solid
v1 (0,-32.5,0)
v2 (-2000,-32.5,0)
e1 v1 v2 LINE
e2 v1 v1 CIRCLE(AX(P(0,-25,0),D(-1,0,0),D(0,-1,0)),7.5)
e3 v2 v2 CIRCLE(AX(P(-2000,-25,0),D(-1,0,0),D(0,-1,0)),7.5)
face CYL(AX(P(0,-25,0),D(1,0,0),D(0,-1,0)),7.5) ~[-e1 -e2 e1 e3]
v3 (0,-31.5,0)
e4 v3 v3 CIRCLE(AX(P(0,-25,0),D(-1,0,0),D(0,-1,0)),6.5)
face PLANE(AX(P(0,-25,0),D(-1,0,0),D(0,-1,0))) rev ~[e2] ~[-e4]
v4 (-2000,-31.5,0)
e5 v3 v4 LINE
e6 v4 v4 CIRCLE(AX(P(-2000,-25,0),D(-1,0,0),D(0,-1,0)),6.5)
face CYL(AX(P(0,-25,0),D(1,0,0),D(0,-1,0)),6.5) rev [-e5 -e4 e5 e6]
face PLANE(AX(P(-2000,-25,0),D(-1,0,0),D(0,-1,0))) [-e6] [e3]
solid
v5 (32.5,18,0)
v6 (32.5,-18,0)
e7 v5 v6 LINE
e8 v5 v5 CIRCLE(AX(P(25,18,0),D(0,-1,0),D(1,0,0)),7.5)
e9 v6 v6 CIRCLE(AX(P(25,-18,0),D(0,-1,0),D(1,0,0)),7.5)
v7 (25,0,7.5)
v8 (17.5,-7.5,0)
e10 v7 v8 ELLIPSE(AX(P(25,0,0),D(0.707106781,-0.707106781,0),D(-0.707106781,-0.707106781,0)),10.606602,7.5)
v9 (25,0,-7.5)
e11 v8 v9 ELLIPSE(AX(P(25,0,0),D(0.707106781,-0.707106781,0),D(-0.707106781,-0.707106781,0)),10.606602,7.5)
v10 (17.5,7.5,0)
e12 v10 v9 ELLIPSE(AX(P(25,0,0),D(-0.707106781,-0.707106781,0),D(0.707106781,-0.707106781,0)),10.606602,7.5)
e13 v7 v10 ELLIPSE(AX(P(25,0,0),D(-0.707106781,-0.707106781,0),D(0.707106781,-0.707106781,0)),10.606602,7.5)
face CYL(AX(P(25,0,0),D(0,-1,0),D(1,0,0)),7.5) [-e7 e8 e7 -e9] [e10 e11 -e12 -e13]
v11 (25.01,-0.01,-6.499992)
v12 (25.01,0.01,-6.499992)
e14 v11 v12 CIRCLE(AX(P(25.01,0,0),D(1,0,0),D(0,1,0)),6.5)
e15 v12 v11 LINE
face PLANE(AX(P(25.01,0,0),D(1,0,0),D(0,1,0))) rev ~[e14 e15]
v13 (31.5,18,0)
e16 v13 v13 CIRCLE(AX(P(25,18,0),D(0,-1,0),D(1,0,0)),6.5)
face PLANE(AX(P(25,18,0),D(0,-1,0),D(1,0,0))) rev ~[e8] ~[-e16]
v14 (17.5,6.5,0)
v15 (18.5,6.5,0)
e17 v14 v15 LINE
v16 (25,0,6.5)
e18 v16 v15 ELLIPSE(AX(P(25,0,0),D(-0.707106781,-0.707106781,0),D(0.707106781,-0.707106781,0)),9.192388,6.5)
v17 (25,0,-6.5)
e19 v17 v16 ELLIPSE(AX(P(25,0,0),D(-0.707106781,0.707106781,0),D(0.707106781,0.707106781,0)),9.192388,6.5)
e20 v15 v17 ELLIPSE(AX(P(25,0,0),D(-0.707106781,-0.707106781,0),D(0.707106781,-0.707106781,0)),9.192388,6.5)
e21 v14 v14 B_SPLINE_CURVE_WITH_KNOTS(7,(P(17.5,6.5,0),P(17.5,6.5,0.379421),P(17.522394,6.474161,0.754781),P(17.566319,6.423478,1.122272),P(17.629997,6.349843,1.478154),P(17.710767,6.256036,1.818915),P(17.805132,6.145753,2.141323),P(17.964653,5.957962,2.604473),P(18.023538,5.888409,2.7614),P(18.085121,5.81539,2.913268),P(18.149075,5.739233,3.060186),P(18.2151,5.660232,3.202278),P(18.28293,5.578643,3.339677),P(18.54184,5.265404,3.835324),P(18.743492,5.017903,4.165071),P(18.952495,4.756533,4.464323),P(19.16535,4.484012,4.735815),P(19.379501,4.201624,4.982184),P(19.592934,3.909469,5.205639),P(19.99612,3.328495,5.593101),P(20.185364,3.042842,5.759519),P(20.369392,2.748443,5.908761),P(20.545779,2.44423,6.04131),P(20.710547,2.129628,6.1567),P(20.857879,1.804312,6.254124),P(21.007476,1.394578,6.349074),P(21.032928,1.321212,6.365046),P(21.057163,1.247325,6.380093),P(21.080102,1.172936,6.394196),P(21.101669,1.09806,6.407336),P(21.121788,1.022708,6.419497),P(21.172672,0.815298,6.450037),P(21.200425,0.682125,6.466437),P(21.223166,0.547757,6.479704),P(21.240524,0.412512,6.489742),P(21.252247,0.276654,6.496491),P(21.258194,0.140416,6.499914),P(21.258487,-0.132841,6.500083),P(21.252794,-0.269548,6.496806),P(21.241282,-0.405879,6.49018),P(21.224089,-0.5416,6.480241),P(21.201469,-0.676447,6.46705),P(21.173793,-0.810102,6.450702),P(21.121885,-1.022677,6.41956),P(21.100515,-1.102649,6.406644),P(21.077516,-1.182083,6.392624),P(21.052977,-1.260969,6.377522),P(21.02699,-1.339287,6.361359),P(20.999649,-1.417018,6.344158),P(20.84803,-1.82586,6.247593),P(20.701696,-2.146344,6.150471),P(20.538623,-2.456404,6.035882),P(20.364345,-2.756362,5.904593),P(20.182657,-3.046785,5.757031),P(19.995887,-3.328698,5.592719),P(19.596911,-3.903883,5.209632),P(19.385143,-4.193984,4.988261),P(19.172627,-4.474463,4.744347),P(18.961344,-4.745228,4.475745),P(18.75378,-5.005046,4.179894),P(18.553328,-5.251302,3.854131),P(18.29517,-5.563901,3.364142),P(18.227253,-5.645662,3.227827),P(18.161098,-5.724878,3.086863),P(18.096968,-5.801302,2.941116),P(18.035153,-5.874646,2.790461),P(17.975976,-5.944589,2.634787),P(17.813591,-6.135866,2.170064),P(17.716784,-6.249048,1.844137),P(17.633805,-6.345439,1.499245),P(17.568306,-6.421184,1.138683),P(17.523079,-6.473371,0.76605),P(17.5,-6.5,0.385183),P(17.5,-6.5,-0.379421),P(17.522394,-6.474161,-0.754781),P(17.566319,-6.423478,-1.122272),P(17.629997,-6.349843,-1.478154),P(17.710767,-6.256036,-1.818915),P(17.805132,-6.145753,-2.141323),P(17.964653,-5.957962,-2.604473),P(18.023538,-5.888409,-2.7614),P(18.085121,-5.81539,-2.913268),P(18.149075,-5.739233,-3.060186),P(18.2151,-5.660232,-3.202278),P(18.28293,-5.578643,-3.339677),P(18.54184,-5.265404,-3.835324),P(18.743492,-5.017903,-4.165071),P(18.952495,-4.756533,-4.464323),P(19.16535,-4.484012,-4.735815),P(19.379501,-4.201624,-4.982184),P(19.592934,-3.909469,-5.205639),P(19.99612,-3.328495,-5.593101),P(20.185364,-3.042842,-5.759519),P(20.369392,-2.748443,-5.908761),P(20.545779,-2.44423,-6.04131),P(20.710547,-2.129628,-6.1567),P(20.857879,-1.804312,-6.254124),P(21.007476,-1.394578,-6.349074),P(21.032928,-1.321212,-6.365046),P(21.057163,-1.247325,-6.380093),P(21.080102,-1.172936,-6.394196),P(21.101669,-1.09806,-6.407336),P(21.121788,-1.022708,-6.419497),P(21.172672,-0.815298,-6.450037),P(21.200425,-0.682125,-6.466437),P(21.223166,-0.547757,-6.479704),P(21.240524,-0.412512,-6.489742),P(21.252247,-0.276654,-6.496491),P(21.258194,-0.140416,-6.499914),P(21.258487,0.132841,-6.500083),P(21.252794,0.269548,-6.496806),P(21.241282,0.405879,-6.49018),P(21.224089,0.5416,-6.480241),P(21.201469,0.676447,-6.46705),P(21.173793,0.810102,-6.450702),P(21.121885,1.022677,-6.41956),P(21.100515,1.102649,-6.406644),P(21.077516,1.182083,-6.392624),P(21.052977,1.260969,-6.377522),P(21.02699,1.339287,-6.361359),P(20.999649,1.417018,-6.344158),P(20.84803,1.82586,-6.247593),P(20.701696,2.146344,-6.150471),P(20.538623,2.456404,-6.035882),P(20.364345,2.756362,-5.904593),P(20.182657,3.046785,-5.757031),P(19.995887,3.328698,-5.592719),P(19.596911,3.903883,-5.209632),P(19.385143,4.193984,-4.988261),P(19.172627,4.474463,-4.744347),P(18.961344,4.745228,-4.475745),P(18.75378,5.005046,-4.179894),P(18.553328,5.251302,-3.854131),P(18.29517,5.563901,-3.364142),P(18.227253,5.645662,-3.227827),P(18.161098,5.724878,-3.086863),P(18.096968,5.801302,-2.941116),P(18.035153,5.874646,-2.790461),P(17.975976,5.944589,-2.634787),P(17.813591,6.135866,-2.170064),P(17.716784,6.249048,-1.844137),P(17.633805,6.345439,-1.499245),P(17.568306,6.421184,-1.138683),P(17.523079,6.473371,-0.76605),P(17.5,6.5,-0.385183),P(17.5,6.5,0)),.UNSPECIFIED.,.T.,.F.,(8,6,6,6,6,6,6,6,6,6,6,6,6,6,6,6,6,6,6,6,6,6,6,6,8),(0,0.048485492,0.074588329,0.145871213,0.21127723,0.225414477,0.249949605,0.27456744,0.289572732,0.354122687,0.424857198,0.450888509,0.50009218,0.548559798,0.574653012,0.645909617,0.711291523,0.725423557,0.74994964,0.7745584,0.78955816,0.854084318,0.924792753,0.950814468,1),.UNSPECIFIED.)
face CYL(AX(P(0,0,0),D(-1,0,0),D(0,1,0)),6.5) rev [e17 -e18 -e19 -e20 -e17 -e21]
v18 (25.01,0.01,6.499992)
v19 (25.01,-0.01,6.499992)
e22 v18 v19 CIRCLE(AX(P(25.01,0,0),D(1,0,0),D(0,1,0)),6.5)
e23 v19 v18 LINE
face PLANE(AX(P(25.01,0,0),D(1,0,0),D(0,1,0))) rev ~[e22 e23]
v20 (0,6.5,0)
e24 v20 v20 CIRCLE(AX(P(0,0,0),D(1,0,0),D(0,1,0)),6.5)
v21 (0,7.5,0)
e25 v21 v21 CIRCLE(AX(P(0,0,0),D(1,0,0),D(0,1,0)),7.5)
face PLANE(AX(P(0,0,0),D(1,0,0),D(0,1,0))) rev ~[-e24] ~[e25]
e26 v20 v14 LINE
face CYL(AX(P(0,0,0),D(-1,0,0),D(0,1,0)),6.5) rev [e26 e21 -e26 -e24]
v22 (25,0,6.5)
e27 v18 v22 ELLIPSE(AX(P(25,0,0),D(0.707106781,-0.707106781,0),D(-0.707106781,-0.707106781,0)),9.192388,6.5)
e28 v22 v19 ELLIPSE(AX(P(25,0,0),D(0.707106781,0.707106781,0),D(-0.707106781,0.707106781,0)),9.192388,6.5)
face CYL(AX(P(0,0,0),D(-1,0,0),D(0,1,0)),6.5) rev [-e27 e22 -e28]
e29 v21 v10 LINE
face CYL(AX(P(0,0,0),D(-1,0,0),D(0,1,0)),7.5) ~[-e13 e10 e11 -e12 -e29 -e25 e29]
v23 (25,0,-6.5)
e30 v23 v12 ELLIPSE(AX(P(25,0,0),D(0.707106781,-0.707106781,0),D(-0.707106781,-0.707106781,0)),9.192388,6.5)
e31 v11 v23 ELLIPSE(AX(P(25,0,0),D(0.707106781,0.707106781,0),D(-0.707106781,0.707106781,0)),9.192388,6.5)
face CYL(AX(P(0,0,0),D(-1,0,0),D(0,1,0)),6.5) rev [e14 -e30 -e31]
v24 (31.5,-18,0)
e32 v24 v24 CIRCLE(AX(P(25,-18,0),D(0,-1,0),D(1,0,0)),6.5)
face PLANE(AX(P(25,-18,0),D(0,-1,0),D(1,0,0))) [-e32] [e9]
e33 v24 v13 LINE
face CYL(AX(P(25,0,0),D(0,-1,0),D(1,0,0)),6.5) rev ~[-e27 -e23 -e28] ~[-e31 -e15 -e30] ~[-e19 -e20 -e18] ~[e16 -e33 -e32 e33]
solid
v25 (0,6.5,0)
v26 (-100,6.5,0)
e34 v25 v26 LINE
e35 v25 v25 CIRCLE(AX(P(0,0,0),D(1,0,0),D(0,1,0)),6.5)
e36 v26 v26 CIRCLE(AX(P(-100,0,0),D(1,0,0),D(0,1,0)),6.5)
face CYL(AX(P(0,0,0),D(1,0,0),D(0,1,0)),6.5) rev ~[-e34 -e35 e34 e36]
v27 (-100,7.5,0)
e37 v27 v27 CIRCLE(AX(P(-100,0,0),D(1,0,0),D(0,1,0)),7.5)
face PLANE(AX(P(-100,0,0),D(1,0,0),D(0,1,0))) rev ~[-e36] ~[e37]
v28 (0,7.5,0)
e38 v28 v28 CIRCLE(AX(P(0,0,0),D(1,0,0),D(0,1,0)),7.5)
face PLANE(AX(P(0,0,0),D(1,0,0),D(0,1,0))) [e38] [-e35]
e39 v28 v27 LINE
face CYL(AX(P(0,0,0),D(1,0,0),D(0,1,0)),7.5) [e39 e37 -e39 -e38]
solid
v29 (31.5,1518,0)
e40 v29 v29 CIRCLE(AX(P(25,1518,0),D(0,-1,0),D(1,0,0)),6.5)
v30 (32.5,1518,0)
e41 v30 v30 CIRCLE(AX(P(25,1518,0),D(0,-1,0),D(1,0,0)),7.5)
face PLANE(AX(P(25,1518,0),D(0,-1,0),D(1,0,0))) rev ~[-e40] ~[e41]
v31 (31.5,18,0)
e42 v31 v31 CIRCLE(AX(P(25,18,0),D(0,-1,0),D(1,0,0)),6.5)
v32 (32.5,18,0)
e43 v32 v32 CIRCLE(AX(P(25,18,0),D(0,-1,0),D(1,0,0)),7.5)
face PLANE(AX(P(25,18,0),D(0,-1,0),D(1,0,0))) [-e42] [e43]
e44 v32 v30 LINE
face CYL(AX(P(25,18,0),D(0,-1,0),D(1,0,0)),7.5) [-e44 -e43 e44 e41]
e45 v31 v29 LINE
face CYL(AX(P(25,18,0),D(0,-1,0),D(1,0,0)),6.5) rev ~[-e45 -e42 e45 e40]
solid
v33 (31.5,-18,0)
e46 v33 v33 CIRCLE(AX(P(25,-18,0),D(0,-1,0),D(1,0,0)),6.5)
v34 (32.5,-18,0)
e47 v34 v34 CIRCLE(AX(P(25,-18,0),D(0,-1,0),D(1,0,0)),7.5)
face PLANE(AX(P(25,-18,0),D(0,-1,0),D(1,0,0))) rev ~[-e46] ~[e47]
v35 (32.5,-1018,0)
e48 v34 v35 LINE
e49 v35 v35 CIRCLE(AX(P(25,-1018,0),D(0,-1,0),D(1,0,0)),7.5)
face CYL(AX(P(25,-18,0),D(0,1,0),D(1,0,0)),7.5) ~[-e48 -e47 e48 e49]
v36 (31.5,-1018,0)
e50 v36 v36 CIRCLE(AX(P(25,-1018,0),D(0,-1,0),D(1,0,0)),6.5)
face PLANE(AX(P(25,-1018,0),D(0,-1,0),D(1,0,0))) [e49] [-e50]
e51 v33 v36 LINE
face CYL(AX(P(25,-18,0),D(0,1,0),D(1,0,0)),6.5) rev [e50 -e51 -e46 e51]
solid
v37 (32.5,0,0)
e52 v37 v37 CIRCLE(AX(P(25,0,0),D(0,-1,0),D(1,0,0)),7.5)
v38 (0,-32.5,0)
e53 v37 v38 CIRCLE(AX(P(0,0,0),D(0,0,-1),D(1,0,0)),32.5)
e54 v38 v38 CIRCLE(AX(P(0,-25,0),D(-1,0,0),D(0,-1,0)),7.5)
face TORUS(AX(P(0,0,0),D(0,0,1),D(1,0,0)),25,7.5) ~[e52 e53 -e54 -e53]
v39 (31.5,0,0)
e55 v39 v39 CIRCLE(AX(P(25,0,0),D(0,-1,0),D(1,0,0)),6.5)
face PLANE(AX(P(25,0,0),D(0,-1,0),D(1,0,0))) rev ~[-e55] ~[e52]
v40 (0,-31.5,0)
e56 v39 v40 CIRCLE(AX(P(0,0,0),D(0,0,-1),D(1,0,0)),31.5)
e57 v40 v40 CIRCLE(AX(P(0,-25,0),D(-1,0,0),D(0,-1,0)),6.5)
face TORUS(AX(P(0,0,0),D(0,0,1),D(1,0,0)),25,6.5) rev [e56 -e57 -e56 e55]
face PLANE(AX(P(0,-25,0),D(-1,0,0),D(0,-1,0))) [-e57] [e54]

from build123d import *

# Parameters (mm, degrees)
F0_R          = 7.5
F0_R_2        = 6.5
F1_DEPTH      = 18
F1_DEPTH_BACK = 18
F2_R          = 6.5
F3_DEPTH      = 25.01
F2_R_2        = 7.5
F5_DEPTH      = 1000
F6_DEPTH      = 100
F7_DEPTH      = 1500
F8_ANGLE      = 90
F9_DEPTH      = 2000


with BuildPart() as f1:
    # F0 (on Front) → F1 (new body, two sides)
    with BuildSketch(Plane.XZ) as f1_sk:
        with Locations((25, 0)):
            Circle(F0_R)
        with Locations((25, 0)):
            Circle(F0_R_2, mode=Mode.SUBTRACT)
    extrude(amount=F1_DEPTH)
    extrude(f1_sk.sketch, amount=-F1_DEPTH_BACK)

    # F2 (on Right) → F3 (cut, up to face)
    with BuildSketch(Plane.YZ):
        Circle(F2_R)
    extrude(amount=F3_DEPTH, mode=Mode.SUBTRACT)

    # F2 (on Right) → F4 (join, up to the next surface of F1)
    with BuildSketch(Plane.YZ):
        Circle(F2_R_2)
        Circle(F2_R, mode=Mode.SUBTRACT)
    extrude(until=Until.NEXT)


with BuildPart() as f5:
    # F5 (new): a face of the model
    f5_faces = [f1.part.faces().sort_by_distance(p)[0] for p in [
        (17.7121320344, -18, 0),
    ]]
    extrude(f5_faces, amount=F5_DEPTH)


with BuildPart() as f6:
    # F2 (on Right) → F6 (new body)
    with BuildSketch(Plane.YZ):
        Circle(F2_R_2)
        Circle(F2_R, mode=Mode.SUBTRACT)
    extrude(amount=-F6_DEPTH)


with BuildPart() as f7:
    # F7 (new): a face of the model
    f7_faces = [f1.part.faces().sort_by_distance(p)[0] for p in [
        (17.7121320344, 18, 0),
    ]]
    extrude(f7_faces, amount=F7_DEPTH)


with BuildPart() as f8:
    # F0 (on Front) → F8 (revolve)
    with BuildSketch(Plane.XZ):
        with Locations((25, 0)):
            Circle(F0_R)
        with Locations((25, 0)):
            Circle(F0_R_2, mode=Mode.SUBTRACT)
    revolve(axis=Axis((0, 0, -8.9548928663), (0, 0, -1)), revolution_arc=F8_ANGLE)


with BuildPart() as f9:
    # F9 (new): a face of the model
    f9_faces = [f8.part.faces().sort_by_distance(p)[0] for p in [
        (0, -17.7121320344, 0),
    ]]
    extrude(f9_faces, amount=F9_DEPTH)


solid = Compound([f1.part, f5.part, f6.part, f7.part, f8.part, f9.part])
